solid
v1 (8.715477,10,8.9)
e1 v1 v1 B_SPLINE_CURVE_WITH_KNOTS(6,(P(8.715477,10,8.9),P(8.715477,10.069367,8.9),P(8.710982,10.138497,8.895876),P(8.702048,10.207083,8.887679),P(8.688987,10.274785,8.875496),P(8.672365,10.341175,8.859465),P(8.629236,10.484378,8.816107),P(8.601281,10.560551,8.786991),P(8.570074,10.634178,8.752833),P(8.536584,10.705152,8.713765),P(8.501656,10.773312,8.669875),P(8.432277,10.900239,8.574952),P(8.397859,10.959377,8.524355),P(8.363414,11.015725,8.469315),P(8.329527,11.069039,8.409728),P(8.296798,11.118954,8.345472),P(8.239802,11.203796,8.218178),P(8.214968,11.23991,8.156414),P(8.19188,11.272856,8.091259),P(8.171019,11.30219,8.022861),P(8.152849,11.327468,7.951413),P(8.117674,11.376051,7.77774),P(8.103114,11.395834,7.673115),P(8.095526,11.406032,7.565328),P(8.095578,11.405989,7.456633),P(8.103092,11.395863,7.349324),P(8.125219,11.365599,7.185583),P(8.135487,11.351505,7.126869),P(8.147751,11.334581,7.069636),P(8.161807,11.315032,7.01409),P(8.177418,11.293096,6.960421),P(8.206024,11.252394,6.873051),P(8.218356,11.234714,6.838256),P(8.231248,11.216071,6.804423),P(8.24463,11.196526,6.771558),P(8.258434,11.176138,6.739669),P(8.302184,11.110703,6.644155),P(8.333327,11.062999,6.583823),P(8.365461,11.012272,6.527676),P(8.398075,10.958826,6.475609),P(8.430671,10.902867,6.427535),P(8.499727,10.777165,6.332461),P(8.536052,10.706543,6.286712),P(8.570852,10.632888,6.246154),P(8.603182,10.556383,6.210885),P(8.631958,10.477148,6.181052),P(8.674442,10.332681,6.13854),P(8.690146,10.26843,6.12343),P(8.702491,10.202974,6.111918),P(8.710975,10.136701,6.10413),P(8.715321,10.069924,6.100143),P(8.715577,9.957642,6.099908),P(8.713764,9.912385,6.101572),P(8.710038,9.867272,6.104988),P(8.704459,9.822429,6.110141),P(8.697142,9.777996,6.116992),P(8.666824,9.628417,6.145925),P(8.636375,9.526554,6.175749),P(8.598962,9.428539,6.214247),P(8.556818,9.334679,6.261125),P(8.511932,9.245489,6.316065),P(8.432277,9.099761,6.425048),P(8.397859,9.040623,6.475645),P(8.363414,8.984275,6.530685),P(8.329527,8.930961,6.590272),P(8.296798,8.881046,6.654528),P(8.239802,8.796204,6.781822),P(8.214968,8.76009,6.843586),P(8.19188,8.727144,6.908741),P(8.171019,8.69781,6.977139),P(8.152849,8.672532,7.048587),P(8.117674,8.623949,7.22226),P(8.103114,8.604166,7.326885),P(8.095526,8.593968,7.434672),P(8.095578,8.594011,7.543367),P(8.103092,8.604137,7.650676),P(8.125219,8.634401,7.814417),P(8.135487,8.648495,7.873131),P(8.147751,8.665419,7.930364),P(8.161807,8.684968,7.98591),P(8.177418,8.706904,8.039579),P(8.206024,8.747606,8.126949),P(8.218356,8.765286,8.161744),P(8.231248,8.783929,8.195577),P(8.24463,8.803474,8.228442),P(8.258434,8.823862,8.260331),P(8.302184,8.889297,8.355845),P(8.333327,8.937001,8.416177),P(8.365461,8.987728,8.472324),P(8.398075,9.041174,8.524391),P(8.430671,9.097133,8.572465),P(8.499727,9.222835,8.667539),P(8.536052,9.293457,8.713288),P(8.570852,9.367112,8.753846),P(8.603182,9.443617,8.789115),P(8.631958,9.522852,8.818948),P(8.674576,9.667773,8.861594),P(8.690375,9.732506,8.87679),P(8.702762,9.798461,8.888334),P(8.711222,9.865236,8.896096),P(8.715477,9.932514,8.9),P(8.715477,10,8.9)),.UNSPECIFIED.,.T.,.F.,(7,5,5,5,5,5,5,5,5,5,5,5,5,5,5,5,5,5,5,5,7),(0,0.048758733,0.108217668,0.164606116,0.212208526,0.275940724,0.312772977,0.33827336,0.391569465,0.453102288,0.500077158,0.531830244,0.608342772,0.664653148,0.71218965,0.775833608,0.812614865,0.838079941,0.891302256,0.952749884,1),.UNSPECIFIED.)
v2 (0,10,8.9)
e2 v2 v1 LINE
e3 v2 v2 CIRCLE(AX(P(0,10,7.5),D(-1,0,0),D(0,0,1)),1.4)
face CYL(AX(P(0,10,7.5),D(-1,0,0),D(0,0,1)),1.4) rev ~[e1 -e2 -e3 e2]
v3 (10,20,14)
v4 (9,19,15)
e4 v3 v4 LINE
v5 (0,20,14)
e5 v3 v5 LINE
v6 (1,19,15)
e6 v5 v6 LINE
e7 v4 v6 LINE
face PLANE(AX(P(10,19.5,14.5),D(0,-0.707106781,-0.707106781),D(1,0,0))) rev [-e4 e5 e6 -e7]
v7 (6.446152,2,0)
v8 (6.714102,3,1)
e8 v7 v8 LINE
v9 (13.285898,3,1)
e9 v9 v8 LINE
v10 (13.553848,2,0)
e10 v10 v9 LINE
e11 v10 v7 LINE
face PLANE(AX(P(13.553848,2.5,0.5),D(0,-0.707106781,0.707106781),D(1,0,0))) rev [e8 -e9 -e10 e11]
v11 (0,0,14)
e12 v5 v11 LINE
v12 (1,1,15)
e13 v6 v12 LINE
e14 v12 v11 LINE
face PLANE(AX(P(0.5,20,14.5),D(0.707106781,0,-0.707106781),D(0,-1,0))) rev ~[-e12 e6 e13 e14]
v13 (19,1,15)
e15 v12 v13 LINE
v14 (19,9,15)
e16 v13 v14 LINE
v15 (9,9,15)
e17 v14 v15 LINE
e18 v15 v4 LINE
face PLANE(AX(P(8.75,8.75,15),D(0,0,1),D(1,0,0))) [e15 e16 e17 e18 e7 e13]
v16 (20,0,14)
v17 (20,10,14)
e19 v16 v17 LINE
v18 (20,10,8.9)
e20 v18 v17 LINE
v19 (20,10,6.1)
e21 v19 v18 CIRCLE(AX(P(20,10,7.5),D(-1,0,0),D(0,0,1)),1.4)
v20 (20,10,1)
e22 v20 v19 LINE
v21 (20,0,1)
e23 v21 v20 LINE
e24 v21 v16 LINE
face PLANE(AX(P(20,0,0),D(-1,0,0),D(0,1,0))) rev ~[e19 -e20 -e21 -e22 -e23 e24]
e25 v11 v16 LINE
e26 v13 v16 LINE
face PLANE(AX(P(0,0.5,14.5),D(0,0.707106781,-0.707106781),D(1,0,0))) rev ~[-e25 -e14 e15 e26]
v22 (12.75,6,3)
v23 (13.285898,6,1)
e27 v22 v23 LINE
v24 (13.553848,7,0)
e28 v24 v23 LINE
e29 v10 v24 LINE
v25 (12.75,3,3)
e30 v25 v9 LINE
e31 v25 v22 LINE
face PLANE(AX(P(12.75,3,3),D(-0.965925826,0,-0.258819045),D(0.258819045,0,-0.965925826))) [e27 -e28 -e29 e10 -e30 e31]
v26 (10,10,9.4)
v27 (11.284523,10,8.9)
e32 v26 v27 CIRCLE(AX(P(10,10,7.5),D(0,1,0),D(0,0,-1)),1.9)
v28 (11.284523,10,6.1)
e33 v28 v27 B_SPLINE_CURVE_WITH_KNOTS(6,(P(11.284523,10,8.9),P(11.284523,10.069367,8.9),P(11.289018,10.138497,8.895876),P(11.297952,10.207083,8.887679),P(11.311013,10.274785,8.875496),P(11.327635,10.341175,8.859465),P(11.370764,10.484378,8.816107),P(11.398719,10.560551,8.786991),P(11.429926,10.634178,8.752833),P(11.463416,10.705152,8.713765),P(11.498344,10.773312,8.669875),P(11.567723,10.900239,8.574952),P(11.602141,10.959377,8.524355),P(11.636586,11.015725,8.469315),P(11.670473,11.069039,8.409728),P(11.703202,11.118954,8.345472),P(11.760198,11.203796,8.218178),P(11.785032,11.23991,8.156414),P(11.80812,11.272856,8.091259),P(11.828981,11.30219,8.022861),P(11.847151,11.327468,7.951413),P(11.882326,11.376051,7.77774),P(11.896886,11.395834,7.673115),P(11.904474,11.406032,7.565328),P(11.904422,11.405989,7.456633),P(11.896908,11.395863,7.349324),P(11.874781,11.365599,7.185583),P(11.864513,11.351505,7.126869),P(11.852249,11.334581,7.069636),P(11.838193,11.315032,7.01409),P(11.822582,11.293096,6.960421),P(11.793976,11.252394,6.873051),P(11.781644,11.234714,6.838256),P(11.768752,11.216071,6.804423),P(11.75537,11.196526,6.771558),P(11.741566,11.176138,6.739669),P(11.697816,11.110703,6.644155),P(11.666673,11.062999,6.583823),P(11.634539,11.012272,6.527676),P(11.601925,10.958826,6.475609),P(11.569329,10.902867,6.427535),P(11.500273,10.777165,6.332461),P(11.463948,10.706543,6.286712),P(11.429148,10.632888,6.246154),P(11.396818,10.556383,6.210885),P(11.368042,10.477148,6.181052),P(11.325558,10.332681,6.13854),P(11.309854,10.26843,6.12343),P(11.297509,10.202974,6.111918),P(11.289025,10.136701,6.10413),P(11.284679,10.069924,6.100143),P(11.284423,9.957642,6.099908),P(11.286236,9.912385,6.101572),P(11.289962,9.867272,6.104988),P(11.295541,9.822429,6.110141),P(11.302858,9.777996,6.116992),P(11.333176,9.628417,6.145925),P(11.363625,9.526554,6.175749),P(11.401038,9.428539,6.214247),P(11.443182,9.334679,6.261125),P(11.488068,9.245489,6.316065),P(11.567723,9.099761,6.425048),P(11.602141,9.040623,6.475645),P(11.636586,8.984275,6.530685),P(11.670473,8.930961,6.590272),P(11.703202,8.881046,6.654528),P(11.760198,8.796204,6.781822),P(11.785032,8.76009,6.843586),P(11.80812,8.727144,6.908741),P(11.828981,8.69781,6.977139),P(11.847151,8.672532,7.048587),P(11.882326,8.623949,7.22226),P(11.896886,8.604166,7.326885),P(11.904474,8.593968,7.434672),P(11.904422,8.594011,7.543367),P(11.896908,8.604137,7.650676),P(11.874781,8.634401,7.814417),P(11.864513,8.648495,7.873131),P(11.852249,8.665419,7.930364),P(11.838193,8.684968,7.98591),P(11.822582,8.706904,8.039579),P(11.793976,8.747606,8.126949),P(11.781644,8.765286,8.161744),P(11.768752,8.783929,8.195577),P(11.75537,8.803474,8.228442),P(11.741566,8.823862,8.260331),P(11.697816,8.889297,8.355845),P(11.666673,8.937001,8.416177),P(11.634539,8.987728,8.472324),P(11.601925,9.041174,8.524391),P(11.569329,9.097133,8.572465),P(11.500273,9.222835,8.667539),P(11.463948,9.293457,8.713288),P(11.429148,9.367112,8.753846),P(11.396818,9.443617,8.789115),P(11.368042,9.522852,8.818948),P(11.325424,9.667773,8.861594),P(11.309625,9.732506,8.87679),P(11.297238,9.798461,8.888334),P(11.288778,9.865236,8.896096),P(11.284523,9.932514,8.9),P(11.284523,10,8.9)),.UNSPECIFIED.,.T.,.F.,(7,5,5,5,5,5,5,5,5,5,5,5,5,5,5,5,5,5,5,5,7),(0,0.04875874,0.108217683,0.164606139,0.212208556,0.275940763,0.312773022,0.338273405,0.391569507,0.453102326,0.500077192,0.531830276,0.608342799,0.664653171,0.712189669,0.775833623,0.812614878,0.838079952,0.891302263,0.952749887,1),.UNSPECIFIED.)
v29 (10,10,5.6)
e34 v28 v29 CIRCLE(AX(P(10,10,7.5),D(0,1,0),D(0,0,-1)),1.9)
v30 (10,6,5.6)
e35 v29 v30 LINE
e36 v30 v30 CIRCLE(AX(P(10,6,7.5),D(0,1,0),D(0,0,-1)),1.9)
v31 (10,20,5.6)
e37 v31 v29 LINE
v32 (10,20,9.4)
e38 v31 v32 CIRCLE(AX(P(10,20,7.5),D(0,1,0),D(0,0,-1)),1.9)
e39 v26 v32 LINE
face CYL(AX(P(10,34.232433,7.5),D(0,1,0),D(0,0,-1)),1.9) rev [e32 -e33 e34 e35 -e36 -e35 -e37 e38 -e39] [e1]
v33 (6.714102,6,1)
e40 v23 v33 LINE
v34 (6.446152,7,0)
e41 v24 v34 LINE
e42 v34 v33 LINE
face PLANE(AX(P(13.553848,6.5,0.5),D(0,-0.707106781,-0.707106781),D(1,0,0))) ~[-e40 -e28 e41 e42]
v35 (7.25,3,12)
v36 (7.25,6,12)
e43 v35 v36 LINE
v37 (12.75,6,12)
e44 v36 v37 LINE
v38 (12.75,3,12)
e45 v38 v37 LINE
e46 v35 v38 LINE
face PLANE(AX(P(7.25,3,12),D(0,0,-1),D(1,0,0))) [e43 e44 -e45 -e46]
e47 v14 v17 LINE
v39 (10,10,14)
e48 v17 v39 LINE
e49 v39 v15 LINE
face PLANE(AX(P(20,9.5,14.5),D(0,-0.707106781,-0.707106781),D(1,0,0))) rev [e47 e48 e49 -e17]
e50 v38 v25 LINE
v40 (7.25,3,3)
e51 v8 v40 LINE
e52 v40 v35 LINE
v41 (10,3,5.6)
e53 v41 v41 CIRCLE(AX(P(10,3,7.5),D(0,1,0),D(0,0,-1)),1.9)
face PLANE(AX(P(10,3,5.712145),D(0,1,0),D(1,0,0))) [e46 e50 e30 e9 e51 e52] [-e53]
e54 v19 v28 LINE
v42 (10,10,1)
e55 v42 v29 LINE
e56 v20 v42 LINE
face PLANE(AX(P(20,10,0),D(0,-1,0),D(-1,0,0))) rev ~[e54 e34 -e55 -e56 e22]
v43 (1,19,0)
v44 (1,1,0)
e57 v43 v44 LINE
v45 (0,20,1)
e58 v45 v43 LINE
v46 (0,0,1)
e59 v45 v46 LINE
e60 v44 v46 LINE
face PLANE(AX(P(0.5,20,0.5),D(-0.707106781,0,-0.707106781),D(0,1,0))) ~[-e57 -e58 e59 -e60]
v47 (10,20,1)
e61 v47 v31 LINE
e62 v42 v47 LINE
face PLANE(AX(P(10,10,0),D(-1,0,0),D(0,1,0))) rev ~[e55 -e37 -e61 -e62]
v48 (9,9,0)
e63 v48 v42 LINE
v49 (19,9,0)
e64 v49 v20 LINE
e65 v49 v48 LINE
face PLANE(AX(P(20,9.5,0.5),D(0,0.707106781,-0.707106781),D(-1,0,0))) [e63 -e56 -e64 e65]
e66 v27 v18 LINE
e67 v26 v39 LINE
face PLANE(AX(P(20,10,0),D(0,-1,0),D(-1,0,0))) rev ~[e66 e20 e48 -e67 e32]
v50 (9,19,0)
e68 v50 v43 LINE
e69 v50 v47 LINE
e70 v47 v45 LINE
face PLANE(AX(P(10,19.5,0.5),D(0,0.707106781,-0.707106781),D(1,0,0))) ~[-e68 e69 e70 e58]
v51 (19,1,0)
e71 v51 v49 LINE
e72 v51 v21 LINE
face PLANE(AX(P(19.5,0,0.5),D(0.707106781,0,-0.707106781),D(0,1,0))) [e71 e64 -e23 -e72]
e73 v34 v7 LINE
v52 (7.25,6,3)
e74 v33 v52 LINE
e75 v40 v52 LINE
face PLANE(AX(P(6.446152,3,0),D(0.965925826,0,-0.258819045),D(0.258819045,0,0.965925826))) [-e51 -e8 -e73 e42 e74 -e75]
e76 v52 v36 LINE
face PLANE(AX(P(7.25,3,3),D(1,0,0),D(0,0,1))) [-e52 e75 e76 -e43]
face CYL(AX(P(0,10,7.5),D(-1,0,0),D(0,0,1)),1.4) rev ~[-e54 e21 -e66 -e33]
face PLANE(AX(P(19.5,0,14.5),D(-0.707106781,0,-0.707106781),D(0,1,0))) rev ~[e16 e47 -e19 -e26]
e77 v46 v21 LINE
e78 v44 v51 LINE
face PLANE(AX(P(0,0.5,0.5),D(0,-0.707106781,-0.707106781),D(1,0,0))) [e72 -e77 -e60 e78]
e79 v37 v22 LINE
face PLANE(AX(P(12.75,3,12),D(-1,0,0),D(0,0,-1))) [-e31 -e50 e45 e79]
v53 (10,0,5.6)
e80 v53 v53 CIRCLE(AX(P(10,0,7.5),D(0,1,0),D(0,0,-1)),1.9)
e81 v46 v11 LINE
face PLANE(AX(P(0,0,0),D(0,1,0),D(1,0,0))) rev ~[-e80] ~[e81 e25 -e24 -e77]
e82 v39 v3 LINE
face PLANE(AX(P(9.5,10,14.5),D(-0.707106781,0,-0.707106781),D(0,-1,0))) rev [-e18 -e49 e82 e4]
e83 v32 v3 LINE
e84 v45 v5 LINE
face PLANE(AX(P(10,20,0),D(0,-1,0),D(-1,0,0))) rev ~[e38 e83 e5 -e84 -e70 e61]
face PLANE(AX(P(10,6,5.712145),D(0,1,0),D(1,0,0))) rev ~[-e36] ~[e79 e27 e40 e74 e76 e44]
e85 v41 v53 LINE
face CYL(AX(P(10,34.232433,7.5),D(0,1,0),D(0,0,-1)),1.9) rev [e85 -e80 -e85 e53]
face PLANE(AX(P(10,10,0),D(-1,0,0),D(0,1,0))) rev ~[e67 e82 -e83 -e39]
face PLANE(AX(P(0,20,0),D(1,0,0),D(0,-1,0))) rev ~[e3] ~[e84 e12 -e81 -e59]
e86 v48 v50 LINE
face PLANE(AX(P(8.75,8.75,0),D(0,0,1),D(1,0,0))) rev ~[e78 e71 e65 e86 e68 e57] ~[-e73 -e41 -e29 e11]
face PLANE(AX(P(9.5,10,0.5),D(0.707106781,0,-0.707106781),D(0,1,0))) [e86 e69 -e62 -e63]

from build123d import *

# Parameters (mm, degrees)
BOSS_EXTRUDE2_DEPTH     = 15
SKETCH3_R               = 1.4
CUT_EXTRUDE1_DEPTH      = 33.015621187
CUT_EXTRUDE2_DEPTH      = 31.232432916
CUT_EXTRUDE2_DEPTH_BACK = 31.232432916
SKETCH4_R               = 1.9
CUT_EXTRUDE3_DEPTH      = 3
CHAMFER1_SIZE           = 1
CHAMFER2_SIZE           = 1
CHAMFER5_SIZE           = 1


with BuildPart() as part:
    # Sketch2 → Boss-Extrude2 (new body)
    with BuildSketch(Plane.XY):
        Polygon((0, 20), (0, 0), (20, 0), (20, 10), (10, 10), (10, 20), align=None)
    extrude(amount=BOSS_EXTRUDE2_DEPTH)

    # Sketch3 → Cut-Extrude1 (cut, through all)
    with BuildSketch(Plane.ZY):
        with Locations((7.5, 10)):
            Circle(SKETCH3_R)
    extrude(amount=-CUT_EXTRUDE1_DEPTH, mode=Mode.SUBTRACT)

    # Sketch4 → Cut-Extrude2 (cut, two sides: drawn at the far end of the back side and taken through both)
    with BuildSketch(Plane(origin=(0, 3, 0), x_dir=(-1, 0, 0), z_dir=(0, -1, 0)).offset(-CUT_EXTRUDE2_DEPTH_BACK)):
        with Locations(Location((-10, -7.5, 0), (0, 0, 90))):
            Circle(SKETCH4_R)
    extrude(amount=CUT_EXTRUDE2_DEPTH + CUT_EXTRUDE2_DEPTH_BACK, mode=Mode.SUBTRACT)

    # Sketch5 → Cut-Extrude3 (cut)
    with BuildSketch(Plane(origin=(0, 3, 0), x_dir=(-1, 0, 0), z_dir=(0, -1, 0))):
        Polygon((-12.75, -3), (-13.553847577, 0), (-6.446152423, 0), (-7.25, -3), (-7.25, -12), (-12.75, -12), align=None)
    extrude(amount=-CUT_EXTRUDE3_DEPTH, mode=Mode.SUBTRACT)

    # Chamfer1
    chamfer1_edges = [part.edges().sort_by_distance(p)[0] for p in [
        (10, 3, 0),
        (10, 6, 0),
    ]]
    chamfer(chamfer1_edges, length=CHAMFER1_SIZE)

    # Chamfer2
    chamfer2_edges = [part.edges().sort_by_distance(p)[0] for p in [
        (10, 0, 15),
        (20, 5, 15),
        (15, 10, 15),
        (10, 15, 15),
        (5, 20, 15),
        (0, 10, 15),
    ]]
    chamfer(chamfer2_edges, length=CHAMFER2_SIZE)

    # Chamfer5
    chamfer5_edges = [part.edges().sort_by_distance(p)[0] for p in [
        (10, 15, 0),
        (15, 10, 0),
        (20, 5, 0),
        (10, 0, 0),
        (0, 10, 0),
        (5, 20, 0),
    ]]
    chamfer(chamfer5_edges, length=CHAMFER5_SIZE)


solid = part.part
